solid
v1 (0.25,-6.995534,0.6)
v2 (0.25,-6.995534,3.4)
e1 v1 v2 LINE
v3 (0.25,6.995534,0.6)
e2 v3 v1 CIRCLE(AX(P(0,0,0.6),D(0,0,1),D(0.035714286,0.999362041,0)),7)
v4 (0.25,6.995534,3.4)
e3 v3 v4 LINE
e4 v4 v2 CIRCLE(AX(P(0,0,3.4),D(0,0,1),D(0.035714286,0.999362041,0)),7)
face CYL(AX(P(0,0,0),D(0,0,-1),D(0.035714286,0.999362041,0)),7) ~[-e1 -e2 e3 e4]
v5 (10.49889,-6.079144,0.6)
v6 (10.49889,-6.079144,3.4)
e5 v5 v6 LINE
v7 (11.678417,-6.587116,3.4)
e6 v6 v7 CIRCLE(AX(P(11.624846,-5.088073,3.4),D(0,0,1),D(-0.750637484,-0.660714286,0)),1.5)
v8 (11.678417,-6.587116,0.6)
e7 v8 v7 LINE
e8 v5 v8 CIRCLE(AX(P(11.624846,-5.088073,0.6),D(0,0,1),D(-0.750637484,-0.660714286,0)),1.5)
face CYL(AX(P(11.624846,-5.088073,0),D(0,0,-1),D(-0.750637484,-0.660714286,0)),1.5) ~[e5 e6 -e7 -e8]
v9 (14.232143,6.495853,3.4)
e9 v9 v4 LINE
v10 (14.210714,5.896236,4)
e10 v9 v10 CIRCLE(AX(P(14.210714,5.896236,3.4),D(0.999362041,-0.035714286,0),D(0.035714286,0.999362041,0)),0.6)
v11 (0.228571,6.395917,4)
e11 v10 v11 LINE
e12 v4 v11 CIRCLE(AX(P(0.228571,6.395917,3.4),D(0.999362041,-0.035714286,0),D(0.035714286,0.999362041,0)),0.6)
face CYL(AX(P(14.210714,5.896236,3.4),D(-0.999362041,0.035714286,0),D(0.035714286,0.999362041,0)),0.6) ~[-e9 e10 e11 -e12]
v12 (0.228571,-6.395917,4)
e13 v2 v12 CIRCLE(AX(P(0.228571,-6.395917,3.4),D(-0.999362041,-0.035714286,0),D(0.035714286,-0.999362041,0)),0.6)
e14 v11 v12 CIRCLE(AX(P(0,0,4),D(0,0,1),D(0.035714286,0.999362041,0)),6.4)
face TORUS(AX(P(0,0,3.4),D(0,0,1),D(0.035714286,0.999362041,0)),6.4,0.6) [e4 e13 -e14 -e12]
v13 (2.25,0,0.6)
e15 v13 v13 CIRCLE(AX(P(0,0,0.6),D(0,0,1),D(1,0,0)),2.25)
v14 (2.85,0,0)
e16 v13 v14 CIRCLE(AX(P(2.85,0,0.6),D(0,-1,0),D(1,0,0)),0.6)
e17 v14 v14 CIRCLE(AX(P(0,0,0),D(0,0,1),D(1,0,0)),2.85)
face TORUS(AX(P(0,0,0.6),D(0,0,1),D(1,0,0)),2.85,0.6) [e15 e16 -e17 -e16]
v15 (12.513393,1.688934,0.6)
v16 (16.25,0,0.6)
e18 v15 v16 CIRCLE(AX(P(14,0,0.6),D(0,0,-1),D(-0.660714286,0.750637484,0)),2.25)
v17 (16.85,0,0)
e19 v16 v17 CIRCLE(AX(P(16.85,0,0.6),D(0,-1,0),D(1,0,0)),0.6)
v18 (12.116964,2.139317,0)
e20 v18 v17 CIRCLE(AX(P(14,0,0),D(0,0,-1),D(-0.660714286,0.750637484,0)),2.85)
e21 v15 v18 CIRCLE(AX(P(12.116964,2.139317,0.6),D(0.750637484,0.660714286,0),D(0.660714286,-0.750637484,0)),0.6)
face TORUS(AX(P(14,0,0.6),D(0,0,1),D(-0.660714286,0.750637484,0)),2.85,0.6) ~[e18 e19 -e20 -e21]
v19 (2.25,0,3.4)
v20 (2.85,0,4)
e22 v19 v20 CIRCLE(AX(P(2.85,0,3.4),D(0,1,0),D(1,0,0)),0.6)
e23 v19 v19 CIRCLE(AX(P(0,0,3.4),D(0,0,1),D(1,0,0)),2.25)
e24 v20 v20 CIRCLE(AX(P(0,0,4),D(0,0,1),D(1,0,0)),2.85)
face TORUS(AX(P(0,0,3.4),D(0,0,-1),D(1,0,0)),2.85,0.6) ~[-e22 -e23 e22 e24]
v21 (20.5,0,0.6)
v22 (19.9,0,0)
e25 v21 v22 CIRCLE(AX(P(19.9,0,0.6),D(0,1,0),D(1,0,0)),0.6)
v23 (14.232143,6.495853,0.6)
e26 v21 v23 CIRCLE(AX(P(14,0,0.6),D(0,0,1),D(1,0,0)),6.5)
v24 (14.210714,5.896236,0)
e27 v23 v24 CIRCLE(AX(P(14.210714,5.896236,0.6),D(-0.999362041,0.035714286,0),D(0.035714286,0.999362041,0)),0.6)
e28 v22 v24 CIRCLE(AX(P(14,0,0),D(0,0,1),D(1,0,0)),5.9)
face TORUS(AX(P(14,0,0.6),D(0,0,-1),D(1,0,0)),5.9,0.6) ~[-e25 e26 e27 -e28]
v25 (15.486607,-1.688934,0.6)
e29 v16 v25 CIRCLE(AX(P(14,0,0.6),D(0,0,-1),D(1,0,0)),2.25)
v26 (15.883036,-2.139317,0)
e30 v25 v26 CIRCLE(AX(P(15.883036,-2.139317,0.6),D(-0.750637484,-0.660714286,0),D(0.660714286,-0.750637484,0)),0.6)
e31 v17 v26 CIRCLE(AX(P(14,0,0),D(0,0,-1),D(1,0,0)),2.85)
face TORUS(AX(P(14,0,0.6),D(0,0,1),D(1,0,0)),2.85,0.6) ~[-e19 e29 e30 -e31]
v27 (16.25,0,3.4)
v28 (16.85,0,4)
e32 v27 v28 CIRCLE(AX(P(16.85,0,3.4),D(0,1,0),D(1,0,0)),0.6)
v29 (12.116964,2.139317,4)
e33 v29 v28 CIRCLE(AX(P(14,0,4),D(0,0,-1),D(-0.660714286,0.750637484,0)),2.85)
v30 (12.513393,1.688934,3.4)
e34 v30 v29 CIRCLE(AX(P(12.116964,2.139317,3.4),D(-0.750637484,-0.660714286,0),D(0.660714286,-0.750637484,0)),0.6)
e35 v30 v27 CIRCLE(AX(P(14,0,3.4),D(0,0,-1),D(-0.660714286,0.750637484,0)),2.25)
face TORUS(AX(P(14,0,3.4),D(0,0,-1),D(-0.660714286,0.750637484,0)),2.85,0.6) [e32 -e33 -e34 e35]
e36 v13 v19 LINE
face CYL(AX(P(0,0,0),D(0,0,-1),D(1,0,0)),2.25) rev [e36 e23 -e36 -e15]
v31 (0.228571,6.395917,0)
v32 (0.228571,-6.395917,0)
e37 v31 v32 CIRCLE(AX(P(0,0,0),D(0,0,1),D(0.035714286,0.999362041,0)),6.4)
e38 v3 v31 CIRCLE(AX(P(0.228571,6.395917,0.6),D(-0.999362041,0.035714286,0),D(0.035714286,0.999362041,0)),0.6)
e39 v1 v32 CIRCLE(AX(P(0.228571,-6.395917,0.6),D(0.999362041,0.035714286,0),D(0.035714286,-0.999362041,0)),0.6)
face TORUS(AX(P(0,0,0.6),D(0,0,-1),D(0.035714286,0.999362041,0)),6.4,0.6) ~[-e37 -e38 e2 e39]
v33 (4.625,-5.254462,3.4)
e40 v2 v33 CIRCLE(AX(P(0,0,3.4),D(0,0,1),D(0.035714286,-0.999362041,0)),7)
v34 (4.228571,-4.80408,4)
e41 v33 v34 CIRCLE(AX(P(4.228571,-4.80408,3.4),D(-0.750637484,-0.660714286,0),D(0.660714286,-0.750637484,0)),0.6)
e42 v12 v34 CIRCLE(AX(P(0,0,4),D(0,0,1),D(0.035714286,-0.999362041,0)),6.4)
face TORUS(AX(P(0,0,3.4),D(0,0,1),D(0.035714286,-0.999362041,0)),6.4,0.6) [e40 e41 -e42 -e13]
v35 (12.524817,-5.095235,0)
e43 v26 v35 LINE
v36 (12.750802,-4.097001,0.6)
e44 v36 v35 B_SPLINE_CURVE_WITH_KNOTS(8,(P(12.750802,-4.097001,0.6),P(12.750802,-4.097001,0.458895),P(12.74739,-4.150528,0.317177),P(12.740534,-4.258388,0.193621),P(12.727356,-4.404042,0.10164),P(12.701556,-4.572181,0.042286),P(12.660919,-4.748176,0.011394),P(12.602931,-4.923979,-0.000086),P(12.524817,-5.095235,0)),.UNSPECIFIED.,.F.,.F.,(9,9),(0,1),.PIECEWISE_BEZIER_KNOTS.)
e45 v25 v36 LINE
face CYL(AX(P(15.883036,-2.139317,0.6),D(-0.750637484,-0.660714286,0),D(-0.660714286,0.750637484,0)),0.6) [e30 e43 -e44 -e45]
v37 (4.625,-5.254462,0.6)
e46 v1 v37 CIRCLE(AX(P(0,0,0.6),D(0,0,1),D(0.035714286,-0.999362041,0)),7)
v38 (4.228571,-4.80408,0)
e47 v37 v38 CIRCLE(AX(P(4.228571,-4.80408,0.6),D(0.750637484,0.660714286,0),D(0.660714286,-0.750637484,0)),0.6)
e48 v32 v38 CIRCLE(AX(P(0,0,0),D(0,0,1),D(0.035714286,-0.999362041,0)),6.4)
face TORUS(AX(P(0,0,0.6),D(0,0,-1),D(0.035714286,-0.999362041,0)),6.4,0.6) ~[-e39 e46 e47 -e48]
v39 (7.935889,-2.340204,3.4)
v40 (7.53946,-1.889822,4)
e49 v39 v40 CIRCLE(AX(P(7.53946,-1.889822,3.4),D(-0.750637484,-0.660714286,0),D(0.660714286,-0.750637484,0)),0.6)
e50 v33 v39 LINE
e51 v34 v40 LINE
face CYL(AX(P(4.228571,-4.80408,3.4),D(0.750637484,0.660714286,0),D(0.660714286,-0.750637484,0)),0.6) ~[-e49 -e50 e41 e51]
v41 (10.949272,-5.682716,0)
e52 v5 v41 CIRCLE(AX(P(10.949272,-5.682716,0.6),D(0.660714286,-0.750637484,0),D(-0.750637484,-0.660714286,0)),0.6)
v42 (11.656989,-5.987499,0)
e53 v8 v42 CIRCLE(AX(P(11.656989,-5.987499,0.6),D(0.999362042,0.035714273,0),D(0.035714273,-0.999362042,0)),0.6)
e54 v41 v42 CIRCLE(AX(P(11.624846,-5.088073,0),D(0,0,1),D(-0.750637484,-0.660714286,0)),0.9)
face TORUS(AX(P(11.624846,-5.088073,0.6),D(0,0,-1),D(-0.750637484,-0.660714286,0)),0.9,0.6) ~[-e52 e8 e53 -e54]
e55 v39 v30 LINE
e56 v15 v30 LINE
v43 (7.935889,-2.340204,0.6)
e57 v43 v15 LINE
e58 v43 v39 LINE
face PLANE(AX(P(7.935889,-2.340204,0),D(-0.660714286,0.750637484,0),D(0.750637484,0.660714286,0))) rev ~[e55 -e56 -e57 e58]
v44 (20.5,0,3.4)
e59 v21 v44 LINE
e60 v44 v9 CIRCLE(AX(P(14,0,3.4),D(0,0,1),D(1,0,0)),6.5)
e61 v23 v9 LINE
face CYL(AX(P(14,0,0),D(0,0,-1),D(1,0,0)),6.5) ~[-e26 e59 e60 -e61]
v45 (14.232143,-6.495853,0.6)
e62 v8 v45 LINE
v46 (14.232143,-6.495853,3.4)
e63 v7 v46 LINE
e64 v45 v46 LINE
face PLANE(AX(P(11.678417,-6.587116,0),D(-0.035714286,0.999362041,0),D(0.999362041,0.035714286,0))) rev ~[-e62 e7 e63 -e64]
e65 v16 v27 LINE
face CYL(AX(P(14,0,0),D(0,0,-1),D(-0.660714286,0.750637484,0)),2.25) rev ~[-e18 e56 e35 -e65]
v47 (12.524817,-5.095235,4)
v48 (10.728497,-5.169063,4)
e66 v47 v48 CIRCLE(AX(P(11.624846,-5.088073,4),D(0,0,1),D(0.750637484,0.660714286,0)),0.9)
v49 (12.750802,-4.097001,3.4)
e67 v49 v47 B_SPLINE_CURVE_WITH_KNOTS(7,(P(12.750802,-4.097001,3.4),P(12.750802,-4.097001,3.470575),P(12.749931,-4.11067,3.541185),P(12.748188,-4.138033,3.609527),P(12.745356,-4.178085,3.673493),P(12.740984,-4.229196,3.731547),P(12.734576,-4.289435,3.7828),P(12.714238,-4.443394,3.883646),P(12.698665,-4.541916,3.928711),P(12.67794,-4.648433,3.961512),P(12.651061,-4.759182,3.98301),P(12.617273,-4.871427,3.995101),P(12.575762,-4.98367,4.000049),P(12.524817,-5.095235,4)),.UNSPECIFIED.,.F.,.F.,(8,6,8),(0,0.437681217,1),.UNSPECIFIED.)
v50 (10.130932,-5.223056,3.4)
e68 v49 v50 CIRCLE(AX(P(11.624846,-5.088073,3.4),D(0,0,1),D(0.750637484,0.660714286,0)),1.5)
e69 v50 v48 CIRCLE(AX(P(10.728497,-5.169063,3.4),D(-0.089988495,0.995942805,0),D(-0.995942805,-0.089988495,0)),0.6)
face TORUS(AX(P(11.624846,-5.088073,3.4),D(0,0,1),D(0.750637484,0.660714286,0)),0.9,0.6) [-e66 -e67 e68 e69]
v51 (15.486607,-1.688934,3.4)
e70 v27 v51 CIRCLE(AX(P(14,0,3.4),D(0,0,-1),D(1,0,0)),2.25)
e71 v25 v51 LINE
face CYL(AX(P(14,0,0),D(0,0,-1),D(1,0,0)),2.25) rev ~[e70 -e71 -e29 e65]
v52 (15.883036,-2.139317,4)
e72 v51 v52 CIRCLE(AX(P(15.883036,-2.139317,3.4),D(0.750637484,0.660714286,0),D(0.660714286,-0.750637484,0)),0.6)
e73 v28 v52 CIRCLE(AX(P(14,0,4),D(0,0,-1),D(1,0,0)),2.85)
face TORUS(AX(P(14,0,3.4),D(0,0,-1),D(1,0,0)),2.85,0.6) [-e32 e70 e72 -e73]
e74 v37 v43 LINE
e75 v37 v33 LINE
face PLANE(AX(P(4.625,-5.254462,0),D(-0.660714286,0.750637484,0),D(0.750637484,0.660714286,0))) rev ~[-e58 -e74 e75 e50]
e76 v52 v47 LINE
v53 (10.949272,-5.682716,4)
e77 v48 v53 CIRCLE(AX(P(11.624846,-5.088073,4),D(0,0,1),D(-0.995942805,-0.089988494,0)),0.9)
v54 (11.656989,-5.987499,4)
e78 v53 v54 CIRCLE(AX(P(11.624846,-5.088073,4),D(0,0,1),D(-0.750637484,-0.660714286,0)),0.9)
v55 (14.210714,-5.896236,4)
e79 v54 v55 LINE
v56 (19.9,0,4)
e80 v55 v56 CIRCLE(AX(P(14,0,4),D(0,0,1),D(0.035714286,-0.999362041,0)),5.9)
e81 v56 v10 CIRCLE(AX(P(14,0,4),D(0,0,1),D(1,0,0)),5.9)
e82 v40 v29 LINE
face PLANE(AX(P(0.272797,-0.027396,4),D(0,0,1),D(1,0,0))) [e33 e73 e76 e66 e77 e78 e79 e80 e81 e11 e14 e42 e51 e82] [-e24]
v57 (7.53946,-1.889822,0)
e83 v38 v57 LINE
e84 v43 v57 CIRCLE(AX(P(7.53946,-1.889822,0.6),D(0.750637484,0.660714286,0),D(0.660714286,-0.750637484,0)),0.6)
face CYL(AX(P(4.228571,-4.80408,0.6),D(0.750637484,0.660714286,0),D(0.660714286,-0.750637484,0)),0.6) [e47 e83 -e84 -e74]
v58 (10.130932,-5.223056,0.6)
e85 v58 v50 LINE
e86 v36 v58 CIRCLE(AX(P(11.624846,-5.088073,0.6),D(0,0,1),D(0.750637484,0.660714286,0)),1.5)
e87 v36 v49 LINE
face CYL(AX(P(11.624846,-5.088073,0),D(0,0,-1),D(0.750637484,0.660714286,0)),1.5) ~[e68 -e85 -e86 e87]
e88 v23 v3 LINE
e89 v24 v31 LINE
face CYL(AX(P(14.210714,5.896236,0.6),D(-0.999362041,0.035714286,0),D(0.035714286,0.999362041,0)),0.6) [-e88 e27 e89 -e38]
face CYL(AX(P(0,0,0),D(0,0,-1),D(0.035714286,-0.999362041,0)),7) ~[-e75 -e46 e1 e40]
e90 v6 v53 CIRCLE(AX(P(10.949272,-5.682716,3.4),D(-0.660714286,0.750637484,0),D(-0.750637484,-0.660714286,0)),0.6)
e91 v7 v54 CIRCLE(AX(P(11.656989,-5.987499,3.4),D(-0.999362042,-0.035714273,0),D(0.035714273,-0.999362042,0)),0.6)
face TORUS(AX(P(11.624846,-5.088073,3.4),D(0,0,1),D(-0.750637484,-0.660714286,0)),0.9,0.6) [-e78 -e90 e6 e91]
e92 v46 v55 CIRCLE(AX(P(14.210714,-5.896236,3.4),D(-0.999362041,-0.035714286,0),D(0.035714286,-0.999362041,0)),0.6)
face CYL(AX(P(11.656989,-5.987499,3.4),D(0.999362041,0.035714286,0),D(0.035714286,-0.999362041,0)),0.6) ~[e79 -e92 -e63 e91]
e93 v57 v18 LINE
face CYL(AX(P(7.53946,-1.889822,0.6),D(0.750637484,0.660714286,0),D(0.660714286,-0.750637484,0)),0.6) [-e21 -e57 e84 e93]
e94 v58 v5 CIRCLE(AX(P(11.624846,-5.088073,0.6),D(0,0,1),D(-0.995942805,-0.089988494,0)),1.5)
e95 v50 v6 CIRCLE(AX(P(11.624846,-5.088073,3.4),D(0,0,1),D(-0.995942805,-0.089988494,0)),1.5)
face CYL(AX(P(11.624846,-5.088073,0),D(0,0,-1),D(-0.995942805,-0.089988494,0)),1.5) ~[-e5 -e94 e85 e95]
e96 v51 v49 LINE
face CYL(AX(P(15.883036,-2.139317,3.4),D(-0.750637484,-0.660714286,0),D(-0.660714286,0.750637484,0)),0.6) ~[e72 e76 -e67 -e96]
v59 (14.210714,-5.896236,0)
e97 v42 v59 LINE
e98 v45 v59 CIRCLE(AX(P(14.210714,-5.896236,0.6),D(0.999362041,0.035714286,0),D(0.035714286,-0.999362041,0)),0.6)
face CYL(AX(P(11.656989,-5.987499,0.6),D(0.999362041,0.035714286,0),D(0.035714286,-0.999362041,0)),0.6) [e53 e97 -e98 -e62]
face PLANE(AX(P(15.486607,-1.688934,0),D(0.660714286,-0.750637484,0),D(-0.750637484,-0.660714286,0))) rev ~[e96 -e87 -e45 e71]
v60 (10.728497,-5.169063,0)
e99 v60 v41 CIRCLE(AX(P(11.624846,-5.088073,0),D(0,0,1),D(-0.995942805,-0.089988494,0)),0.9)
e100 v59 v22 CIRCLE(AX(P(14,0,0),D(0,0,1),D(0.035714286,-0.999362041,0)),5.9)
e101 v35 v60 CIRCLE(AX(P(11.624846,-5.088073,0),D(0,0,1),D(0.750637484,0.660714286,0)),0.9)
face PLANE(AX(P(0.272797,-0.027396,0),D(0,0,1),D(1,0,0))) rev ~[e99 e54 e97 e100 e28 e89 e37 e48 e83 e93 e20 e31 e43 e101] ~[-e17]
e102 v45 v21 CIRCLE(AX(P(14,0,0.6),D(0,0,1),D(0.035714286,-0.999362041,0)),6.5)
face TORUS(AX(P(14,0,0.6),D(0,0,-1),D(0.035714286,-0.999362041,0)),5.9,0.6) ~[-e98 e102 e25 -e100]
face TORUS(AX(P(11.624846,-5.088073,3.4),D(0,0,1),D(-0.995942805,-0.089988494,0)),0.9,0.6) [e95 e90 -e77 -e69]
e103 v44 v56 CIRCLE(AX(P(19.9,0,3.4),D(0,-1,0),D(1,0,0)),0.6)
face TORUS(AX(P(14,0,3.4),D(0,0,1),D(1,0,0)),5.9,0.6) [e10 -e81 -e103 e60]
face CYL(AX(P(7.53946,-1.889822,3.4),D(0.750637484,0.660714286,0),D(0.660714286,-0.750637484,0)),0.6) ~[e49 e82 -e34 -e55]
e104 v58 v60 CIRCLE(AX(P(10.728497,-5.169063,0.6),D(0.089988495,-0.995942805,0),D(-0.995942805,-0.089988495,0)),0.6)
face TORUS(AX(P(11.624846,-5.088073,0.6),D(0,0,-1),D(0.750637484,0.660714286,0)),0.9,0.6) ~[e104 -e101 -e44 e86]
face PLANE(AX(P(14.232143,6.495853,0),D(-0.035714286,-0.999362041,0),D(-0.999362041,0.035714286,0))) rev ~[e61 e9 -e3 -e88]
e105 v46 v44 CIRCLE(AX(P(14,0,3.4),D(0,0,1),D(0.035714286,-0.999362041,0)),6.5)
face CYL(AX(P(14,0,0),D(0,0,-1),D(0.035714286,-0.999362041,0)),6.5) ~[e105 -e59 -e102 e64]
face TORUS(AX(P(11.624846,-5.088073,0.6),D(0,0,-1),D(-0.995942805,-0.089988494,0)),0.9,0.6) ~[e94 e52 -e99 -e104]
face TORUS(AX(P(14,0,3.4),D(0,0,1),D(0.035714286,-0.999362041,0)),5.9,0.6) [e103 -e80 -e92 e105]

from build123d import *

# Parameters (mm, degrees)
F0_R     = 2.25
F1_DEPTH = 4
F2_R     = 0.6


with BuildPart() as f1:
    # F0 (on Top) → F1 (new body)
    with BuildSketch(Plane.XY):
        with BuildLine():
            ThreePointArc((4.625, -5.2544623892), (6.3786754111, -2.8831406487), (7, 0))
            ThreePointArc((7, 0), (5.0373604199, 4.8605555238), (0.25, 6.9955342898))
            ThreePointArc((0.25, 6.9955342898), (-7, 0), (0.25, -6.9955342898))
            ThreePointArc((0.25, -6.9955342898), (2.5882888345, -6.5039035132), (4.625, -5.2544623892))
        make_face()
        Circle(F0_R, mode=Mode.SUBTRACT)
        with BuildLine():
            ThreePointArc((0.25, 6.9955342898), (5.0373604199, 4.8605555238), (7, 0))
            ThreePointArc((7, 0), (6.3786754111, -2.8831406487), (4.625, -5.2544623892))
            Line((4.625, -5.2544623892), (7.9358887854, -2.3402040888))
            ThreePointArc((7.9358887854, -2.3402040888), (8.7064245412, 3.7720099233), (14.2321428571, 6.4958532691))
            Line((14.2321428571, 6.4958532691), (0.25, 6.9955342898))
        make_face()
        with BuildLine():
            ThreePointArc((20.5, 0), (18.6775489613, 4.5133729864), (14.2321428571, 6.4958532691))
            ThreePointArc((14.2321428571, 6.4958532691), (8.7064245412, 3.7720099233), (7.9358887854, -2.3402040888))
            Line((7.9358887854, -2.3402040888), (12.5133928571, 1.6889343394))
            ThreePointArc((12.5133928571, 1.6889343394), (14.9267237799, 2.050288525), (16.25, 0))
            ThreePointArc((16.25, 0), (16.050288525, -0.9267237799), (15.4866071429, -1.6889343394))
            Line((15.4866071429, -1.6889343394), (12.7508021178, -4.0970014837))
            ThreePointArc((12.7508021178, -4.0970014837), (13.0282229506, -4.5584194121), (13.1248458916, -5.0880729123))
            ThreePointArc((13.1248458916, -5.0880729123), (12.954090315, -5.7831335304), (12.4807002077, -6.3199468464))
            ThreePointArc((12.4807002077, -6.3199468464), (13.3504393706, -6.4674624845), (14.2321428571, -6.4958532691))
            ThreePointArc((14.2321428571, -6.4958532691), (18.6775489613, -4.5133729864), (20.5, 0))
        make_face()
        with BuildLine():
            ThreePointArc((12.7508021178, -4.0970014837), (11.0325218522, -3.7099755891), (10.1309316841, -5.2230556542))
            ThreePointArc((10.1309316841, -5.2230556542), (10.5112266428, -5.4843833256), (10.9091030711, -5.7180727676))
            Line((10.9091030711, -5.7180727676), (12.7508021178, -4.0970014837))
        make_face()
        with BuildLine():
            ThreePointArc((10.9091030711, -5.7180727676), (10.5112266428, -5.4843833256), (10.1309316841, -5.2230556542))
            ThreePointArc((10.1309316841, -5.2230556542), (10.2467485683, -5.6803969517), (10.4988896653, -6.0791443409))
            Line((10.4988896653, -6.0791443409), (10.9091030711, -5.7180727676))
        make_face()
        with BuildLine():
            ThreePointArc((10.4988896653, -6.0791443409), (11.0315406631, -6.4657480939), (11.6784173011, -6.5871159751))
            ThreePointArc((11.6784173011, -6.5871159751), (12.098774814, -6.5112353684), (12.4807002077, -6.3199468464))
            ThreePointArc((12.4807002077, -6.3199468464), (11.6753405511, -6.0700871861), (10.9091030711, -5.7180727676))
            Line((10.9091030711, -5.7180727676), (10.4988896653, -6.0791443409))
        make_face()
        with BuildLine():
            Line((12.7508021178, -4.0970014837), (10.9091030711, -5.7180727676))
            ThreePointArc((10.9091030711, -5.7180727676), (11.6753405511, -6.0700871861), (12.4807002077, -6.3199468464))
            ThreePointArc((12.4807002077, -6.3199468464), (12.954090315, -5.7831335304), (13.1248458916, -5.0880729123))
            ThreePointArc((13.1248458916, -5.0880729123), (13.0282229506, -4.5584194121), (12.7508021178, -4.0970014837))
        make_face()
        with BuildLine():
            ThreePointArc((12.4807002077, -6.3199468464), (12.098774814, -6.5112353684), (11.6784173011, -6.5871159751))
            Line((11.6784173011, -6.5871159751), (14.2321428571, -6.4958532691))
            ThreePointArc((14.2321428571, -6.4958532691), (13.3504393706, -6.4674624845), (12.4807002077, -6.3199468464))
        make_face()
    extrude(amount=F1_DEPTH)

    # F2
    f2_edges = [f1.edges().sort_by_distance(p)[0] for p in [
        (-6.592193, -2.354355, 0),
        (8.569196, -1.782764, 0),
        (15.688934, 1.486607, 0),
        (14.118705, -2.892968, 0),
        (10.247171, -4.494768, 0),
        (12.95528, -6.541485, 0),
        (20.5, 0, 0),
        (7.241071, 6.745694, 0),
        (-2.25, 0, 0),
        (-6.592193, -2.354355, 4),
        (8.569196, -1.782764, 4),
        (15.688934, 1.486607, 4),
        (14.118705, -2.892968, 4),
        (10.247171, -4.494768, 4),
        (12.95528, -6.541485, 4),
        (20.5, 0, 4),
        (7.241071, 6.745694, 4),
        (-2.25, 0, 4),
    ]]
    fillet(f2_edges, radius=F2_R)


solid = f1.part
